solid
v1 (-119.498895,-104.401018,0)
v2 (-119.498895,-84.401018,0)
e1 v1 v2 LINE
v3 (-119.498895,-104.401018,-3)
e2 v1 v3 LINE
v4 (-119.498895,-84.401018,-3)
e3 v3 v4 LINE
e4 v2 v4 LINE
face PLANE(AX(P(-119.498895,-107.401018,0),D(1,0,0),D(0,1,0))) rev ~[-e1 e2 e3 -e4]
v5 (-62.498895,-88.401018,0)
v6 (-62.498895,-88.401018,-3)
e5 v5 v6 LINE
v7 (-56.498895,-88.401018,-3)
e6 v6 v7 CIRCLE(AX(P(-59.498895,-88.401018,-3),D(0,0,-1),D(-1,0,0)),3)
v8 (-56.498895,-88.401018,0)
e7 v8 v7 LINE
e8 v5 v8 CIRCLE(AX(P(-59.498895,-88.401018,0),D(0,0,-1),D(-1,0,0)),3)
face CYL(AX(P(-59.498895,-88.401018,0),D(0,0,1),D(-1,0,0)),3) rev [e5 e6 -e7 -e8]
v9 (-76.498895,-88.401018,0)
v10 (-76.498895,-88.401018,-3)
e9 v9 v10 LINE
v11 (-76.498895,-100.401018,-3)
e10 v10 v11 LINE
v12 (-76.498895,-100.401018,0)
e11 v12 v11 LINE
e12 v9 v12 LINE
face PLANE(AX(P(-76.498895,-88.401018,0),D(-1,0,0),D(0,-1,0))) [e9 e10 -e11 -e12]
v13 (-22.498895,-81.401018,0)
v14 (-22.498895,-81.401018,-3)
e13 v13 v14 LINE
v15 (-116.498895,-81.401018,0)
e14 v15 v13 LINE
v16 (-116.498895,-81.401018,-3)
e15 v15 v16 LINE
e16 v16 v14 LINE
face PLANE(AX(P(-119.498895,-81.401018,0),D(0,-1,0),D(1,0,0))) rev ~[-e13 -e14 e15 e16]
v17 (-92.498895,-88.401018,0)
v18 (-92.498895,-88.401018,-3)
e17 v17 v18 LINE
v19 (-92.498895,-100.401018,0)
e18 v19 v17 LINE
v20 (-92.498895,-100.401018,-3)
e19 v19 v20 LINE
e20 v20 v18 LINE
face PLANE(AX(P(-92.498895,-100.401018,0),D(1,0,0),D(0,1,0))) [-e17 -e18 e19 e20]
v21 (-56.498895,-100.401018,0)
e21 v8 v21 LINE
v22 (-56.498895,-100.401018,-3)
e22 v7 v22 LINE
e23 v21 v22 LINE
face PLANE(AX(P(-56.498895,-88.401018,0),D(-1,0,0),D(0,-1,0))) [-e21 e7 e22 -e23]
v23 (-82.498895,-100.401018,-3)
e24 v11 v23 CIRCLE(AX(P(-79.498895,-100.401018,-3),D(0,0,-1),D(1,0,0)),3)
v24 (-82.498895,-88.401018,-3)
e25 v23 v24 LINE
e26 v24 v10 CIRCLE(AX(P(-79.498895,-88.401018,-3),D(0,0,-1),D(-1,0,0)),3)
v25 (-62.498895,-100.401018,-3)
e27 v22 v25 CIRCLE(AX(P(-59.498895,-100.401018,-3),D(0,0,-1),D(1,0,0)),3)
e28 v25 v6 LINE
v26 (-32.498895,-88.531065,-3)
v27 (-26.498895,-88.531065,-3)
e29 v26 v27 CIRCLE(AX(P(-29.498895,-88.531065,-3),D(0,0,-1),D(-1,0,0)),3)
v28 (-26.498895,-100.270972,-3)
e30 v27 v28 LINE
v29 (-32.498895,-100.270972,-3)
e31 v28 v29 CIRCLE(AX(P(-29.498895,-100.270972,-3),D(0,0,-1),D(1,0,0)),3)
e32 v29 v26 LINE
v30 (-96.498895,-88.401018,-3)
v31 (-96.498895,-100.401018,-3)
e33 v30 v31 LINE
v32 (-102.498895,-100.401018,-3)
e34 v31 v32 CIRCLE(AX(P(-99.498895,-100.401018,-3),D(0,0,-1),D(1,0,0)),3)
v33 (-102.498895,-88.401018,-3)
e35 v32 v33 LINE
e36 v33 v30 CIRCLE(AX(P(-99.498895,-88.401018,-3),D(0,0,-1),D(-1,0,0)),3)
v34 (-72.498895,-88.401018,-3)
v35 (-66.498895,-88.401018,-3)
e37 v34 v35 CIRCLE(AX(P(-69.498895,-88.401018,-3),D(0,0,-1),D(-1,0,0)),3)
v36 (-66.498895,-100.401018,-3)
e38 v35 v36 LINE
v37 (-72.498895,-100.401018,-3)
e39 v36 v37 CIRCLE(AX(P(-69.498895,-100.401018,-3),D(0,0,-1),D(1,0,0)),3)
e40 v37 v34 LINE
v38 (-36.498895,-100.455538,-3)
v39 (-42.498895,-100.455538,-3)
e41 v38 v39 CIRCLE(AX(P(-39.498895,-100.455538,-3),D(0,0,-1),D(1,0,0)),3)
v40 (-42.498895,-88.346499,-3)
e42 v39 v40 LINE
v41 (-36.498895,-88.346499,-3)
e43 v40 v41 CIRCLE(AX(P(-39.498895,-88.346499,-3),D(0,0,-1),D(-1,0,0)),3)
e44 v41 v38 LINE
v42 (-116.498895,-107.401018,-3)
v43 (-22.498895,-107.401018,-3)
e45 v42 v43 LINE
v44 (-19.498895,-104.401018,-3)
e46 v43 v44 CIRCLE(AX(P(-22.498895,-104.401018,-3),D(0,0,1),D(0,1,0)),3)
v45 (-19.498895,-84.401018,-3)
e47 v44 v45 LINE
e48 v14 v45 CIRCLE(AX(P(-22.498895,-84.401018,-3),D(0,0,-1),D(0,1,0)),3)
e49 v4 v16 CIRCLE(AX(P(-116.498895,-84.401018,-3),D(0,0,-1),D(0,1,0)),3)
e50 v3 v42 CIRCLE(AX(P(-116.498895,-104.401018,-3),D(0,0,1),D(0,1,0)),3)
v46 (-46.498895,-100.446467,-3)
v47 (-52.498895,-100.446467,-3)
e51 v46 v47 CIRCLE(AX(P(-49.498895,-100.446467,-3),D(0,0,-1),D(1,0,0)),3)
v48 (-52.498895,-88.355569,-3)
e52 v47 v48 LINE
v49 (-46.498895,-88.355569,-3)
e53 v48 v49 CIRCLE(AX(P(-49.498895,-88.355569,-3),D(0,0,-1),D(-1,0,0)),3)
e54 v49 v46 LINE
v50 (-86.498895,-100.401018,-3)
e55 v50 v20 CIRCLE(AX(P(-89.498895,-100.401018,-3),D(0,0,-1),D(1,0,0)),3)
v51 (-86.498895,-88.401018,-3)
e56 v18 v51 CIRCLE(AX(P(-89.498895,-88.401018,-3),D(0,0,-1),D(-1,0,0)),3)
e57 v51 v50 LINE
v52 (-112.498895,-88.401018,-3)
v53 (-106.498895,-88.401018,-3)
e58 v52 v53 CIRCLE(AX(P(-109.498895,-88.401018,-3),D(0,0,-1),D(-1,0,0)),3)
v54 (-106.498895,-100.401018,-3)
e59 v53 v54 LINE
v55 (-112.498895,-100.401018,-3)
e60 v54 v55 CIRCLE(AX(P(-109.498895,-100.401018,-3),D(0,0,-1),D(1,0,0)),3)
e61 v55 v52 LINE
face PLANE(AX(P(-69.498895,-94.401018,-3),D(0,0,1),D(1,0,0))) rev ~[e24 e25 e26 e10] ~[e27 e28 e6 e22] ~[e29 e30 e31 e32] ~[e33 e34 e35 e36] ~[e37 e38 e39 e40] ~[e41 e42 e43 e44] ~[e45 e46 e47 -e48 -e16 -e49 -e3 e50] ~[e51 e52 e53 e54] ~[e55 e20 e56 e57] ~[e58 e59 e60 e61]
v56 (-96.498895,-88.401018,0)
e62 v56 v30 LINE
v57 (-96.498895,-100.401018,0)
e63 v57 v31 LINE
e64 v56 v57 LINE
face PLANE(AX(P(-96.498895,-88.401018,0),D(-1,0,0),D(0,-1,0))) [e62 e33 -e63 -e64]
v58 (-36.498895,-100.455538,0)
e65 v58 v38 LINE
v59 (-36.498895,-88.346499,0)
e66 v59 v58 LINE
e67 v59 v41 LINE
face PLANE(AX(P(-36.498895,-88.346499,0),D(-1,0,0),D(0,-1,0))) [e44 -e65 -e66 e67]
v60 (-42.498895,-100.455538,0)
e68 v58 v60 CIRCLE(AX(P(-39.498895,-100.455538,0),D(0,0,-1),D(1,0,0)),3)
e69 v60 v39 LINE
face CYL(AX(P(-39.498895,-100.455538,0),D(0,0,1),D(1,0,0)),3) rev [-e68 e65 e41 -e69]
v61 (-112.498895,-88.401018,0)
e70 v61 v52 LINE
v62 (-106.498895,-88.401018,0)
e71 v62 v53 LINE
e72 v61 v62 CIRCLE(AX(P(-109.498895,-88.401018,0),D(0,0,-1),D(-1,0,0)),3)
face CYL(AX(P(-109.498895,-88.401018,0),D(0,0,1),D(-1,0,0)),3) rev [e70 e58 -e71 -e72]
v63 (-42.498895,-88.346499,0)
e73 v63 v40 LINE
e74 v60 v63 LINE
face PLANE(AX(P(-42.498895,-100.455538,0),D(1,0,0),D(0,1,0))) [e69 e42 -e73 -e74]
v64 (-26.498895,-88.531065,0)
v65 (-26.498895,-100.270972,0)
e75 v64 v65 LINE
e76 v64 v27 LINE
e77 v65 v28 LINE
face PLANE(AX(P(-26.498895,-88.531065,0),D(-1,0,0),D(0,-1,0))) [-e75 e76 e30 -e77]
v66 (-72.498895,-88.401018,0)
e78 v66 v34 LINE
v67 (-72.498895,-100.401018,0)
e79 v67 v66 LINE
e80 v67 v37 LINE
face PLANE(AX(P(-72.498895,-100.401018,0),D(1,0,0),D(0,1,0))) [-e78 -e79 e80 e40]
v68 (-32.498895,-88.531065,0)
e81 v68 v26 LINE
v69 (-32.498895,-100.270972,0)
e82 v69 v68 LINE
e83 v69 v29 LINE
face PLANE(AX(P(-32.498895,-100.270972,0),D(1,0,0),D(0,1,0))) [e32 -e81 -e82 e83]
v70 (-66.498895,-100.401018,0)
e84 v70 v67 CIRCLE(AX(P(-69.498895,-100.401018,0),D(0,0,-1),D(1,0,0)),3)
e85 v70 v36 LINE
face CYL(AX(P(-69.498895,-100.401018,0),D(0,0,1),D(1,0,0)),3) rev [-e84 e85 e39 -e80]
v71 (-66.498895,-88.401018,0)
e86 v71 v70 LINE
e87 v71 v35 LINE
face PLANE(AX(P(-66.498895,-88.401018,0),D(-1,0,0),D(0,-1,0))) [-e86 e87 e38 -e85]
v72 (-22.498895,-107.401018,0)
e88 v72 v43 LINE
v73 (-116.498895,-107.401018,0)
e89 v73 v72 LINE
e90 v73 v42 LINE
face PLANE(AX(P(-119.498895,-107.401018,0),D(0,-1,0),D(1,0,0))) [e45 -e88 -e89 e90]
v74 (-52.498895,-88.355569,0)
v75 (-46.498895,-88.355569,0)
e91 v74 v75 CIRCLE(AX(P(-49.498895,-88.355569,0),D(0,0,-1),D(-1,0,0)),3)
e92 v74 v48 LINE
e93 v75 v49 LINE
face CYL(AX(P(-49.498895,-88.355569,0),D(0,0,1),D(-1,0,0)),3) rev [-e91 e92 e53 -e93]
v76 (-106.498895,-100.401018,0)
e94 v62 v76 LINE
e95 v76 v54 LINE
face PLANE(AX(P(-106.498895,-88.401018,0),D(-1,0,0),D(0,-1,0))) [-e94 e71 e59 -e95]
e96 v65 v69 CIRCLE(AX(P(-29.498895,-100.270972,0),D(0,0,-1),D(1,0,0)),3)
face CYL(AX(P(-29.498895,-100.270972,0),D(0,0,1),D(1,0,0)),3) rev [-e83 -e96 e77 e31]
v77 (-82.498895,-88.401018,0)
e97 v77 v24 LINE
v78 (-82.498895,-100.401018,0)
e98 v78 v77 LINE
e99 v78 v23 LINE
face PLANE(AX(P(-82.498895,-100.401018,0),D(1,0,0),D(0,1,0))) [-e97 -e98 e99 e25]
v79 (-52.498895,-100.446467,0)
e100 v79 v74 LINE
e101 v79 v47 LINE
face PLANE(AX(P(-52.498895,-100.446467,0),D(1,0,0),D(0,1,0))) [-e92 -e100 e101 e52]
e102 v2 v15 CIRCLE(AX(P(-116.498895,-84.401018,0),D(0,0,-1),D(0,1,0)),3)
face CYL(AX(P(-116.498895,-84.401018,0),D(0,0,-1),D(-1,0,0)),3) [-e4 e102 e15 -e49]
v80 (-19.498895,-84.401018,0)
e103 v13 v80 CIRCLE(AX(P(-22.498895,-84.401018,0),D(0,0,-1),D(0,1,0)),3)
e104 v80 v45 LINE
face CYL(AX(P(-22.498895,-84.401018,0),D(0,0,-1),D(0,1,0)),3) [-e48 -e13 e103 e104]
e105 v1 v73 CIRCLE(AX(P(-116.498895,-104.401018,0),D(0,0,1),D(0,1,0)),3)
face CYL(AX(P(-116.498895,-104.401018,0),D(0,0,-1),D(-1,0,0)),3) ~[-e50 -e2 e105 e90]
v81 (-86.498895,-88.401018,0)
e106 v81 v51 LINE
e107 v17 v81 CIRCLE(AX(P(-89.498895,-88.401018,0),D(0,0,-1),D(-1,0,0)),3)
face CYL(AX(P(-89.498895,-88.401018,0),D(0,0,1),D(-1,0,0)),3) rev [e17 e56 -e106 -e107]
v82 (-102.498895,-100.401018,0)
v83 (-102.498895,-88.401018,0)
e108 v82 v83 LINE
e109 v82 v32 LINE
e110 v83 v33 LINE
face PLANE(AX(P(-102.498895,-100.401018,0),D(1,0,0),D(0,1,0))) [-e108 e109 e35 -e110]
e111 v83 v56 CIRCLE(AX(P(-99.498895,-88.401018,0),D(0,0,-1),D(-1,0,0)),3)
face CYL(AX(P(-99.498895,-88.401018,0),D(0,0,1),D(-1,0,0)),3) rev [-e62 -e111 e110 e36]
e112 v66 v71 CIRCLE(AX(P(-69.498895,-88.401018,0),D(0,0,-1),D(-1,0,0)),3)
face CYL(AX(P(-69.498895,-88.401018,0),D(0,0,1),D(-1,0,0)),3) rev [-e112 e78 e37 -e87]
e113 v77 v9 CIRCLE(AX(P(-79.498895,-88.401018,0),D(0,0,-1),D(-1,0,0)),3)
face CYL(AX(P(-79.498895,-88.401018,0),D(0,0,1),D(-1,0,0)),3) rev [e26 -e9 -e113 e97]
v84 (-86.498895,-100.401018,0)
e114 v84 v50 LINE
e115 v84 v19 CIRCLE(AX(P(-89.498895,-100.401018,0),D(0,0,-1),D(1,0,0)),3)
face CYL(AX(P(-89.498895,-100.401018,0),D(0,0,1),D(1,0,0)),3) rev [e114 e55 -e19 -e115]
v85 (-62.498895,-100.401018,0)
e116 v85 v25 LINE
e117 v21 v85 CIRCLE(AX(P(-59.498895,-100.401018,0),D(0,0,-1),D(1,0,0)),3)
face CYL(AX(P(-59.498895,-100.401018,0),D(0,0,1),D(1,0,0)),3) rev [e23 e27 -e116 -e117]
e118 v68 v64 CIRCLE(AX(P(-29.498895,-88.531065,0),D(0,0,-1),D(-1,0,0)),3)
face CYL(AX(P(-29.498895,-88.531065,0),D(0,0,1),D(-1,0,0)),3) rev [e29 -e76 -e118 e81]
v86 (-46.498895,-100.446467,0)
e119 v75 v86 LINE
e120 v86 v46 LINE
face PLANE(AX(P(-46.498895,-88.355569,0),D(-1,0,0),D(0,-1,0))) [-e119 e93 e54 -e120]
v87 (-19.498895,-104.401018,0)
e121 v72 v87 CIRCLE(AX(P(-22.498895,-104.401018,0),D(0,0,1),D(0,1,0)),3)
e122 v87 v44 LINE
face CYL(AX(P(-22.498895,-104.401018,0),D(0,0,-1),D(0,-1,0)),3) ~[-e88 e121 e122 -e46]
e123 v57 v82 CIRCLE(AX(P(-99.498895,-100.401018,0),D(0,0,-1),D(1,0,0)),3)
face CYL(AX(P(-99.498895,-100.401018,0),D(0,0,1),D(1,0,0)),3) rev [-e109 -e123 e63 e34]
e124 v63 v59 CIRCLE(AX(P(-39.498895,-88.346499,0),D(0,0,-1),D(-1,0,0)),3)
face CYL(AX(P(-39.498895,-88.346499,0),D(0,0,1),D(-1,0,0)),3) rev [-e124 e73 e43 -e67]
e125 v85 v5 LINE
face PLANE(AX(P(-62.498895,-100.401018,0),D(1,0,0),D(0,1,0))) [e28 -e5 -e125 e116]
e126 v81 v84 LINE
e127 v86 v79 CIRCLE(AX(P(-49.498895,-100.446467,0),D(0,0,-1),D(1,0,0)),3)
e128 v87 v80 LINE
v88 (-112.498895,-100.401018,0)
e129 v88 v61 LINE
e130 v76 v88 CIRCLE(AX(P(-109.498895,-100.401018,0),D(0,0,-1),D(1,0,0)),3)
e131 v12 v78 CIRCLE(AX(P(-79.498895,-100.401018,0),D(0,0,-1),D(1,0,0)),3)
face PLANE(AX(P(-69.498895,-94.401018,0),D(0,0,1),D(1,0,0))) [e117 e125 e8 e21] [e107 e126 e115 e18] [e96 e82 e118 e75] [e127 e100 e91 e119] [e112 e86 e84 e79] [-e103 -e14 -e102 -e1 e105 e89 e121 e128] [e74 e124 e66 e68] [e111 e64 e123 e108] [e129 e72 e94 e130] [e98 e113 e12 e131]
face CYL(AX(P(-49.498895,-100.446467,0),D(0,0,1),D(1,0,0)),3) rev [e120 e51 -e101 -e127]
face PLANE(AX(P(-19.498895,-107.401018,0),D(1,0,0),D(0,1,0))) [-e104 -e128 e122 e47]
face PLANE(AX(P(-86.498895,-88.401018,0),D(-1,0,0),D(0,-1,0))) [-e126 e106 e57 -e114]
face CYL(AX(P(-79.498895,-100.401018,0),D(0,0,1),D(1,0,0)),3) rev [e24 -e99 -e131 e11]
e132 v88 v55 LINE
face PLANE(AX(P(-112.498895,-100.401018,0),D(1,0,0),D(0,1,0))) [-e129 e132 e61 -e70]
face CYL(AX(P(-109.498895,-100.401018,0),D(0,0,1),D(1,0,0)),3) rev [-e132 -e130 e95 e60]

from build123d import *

# Parameters (mm, degrees)
SKETCH1_W           = 100
SKETCH1_H           = 26
BOSS_EXTRUDE1_DEPTH = 3
FILLET1_R           = 3


with BuildPart() as part:
    # Sketch1 → Boss-Extrude1 (new body)
    with BuildSketch(Plane.XY):
        with Locations((-69.498894811, -94.401018189)):
            Rectangle(SKETCH1_W, SKETCH1_H)
        with BuildLine():
            Line((-66.498894811, -88.401018189), (-66.498894811, -100.401018189))
            ThreePointArc((-66.498894811, -100.401018189), (-69.498894811, -103.401018189), (-72.498894811, -100.401018189))
            Line((-72.498894811, -100.401018189), (-72.498894811, -88.401018189))
            ThreePointArc((-72.498894811, -88.401018189), (-69.498894811, -85.401018189), (-66.498894811, -88.401018189))
        make_face(mode=Mode.SUBTRACT)
        with BuildLine():
            Line((-106.498894811, -88.401018189), (-106.498894811, -100.401018189))
            ThreePointArc((-106.498894811, -100.401018189), (-109.498894811, -103.401018189), (-112.498894811, -100.401018189))
            Line((-112.498894811, -100.401018189), (-112.498894811, -88.401018189))
            ThreePointArc((-112.498894811, -88.401018189), (-109.498894811, -85.401018189), (-106.498894811, -88.401018189))
        make_face(mode=Mode.SUBTRACT)
        with BuildLine():
            Line((-96.498894811, -88.401018189), (-96.498894811, -100.401018189))
            ThreePointArc((-96.498894811, -100.401018189), (-99.498894811, -103.401018189), (-102.498894811, -100.401018189))
            Line((-102.498894811, -100.401018189), (-102.498894811, -88.401018189))
            ThreePointArc((-102.498894811, -88.401018189), (-99.498894811, -85.401018189), (-96.498894811, -88.401018189))
        make_face(mode=Mode.SUBTRACT)
        with BuildLine():
            Line((-86.498894811, -88.401018189), (-86.498894811, -100.401018189))
            ThreePointArc((-86.498894811, -100.401018189), (-89.498894811, -103.401018189), (-92.498894811, -100.401018189))
            Line((-92.498894811, -100.401018189), (-92.498894811, -88.401018189))
            ThreePointArc((-92.498894811, -88.401018189), (-89.498894811, -85.401018189), (-86.498894811, -88.401018189))
        make_face(mode=Mode.SUBTRACT)
        with BuildLine():
            Line((-76.498894811, -88.401018189), (-76.498894811, -100.401018189))
            ThreePointArc((-76.498894811, -100.401018189), (-79.498894811, -103.401018189), (-82.498894811, -100.401018189))
            Line((-82.498894811, -100.401018189), (-82.498894811, -88.401018189))
            ThreePointArc((-82.498894811, -88.401018189), (-79.498894811, -85.401018189), (-76.498894811, -88.401018189))
        make_face(mode=Mode.SUBTRACT)
        with BuildLine():
            Line((-56.498894811, -88.401018189), (-56.498894811, -100.401018189))
            ThreePointArc((-56.498894811, -100.401018189), (-59.498894811, -103.401018189), (-62.498894811, -100.401018189))
            Line((-62.498894811, -100.401018189), (-62.498894811, -88.401018189))
            ThreePointArc((-62.498894811, -88.401018189), (-59.498894811, -85.401018189), (-56.498894811, -88.401018189))
        make_face(mode=Mode.SUBTRACT)
        with BuildLine():
            Line((-46.498894811, -88.355569142), (-46.498894811, -100.446467236))
            ThreePointArc((-46.498894811, -100.446467236), (-49.498894811, -103.446467236), (-52.498894811, -100.446467236))
            Line((-52.498894811, -100.446467236), (-52.498894811, -88.355569142))
            ThreePointArc((-52.498894811, -88.355569142), (-49.498894811, -85.355569142), (-46.498894811, -88.355569142))
        make_face(mode=Mode.SUBTRACT)
        with BuildLine():
            Line((-36.498894811, -88.346498653), (-36.498894811, -100.455537725))
            ThreePointArc((-36.498894811, -100.455537725), (-39.498894811, -103.455537725), (-42.498894811, -100.455537725))
            Line((-42.498894811, -100.455537725), (-42.498894811, -88.346498653))
            ThreePointArc((-42.498894811, -88.346498653), (-39.498894811, -85.346498653), (-36.498894811, -88.346498653))
        make_face(mode=Mode.SUBTRACT)
        with BuildLine():
            Line((-26.498894811, -88.531064652), (-26.498894811, -100.270971726))
            ThreePointArc((-26.498894811, -100.270971726), (-29.498894811, -103.270971726), (-32.498894811, -100.270971726))
            Line((-32.498894811, -100.270971726), (-32.498894811, -88.531064652))
            ThreePointArc((-32.498894811, -88.531064652), (-29.498894811, -85.531064652), (-26.498894811, -88.531064652))
        make_face(mode=Mode.SUBTRACT)
    extrude(amount=-BOSS_EXTRUDE1_DEPTH)

    # Fillet1
    fillet1_edges = [part.edges().sort_by_distance(p)[0] for p in [
        (-119.498894811, -81.401018189, -1.5),
        (-19.498894811, -81.401018189, -1.5),
        (-19.498894811, -107.401018189, -1.5),
        (-119.498894811, -107.401018189, -1.5),
    ]]
    fillet(fillet1_edges, radius=FILLET1_R)


solid = part.part
